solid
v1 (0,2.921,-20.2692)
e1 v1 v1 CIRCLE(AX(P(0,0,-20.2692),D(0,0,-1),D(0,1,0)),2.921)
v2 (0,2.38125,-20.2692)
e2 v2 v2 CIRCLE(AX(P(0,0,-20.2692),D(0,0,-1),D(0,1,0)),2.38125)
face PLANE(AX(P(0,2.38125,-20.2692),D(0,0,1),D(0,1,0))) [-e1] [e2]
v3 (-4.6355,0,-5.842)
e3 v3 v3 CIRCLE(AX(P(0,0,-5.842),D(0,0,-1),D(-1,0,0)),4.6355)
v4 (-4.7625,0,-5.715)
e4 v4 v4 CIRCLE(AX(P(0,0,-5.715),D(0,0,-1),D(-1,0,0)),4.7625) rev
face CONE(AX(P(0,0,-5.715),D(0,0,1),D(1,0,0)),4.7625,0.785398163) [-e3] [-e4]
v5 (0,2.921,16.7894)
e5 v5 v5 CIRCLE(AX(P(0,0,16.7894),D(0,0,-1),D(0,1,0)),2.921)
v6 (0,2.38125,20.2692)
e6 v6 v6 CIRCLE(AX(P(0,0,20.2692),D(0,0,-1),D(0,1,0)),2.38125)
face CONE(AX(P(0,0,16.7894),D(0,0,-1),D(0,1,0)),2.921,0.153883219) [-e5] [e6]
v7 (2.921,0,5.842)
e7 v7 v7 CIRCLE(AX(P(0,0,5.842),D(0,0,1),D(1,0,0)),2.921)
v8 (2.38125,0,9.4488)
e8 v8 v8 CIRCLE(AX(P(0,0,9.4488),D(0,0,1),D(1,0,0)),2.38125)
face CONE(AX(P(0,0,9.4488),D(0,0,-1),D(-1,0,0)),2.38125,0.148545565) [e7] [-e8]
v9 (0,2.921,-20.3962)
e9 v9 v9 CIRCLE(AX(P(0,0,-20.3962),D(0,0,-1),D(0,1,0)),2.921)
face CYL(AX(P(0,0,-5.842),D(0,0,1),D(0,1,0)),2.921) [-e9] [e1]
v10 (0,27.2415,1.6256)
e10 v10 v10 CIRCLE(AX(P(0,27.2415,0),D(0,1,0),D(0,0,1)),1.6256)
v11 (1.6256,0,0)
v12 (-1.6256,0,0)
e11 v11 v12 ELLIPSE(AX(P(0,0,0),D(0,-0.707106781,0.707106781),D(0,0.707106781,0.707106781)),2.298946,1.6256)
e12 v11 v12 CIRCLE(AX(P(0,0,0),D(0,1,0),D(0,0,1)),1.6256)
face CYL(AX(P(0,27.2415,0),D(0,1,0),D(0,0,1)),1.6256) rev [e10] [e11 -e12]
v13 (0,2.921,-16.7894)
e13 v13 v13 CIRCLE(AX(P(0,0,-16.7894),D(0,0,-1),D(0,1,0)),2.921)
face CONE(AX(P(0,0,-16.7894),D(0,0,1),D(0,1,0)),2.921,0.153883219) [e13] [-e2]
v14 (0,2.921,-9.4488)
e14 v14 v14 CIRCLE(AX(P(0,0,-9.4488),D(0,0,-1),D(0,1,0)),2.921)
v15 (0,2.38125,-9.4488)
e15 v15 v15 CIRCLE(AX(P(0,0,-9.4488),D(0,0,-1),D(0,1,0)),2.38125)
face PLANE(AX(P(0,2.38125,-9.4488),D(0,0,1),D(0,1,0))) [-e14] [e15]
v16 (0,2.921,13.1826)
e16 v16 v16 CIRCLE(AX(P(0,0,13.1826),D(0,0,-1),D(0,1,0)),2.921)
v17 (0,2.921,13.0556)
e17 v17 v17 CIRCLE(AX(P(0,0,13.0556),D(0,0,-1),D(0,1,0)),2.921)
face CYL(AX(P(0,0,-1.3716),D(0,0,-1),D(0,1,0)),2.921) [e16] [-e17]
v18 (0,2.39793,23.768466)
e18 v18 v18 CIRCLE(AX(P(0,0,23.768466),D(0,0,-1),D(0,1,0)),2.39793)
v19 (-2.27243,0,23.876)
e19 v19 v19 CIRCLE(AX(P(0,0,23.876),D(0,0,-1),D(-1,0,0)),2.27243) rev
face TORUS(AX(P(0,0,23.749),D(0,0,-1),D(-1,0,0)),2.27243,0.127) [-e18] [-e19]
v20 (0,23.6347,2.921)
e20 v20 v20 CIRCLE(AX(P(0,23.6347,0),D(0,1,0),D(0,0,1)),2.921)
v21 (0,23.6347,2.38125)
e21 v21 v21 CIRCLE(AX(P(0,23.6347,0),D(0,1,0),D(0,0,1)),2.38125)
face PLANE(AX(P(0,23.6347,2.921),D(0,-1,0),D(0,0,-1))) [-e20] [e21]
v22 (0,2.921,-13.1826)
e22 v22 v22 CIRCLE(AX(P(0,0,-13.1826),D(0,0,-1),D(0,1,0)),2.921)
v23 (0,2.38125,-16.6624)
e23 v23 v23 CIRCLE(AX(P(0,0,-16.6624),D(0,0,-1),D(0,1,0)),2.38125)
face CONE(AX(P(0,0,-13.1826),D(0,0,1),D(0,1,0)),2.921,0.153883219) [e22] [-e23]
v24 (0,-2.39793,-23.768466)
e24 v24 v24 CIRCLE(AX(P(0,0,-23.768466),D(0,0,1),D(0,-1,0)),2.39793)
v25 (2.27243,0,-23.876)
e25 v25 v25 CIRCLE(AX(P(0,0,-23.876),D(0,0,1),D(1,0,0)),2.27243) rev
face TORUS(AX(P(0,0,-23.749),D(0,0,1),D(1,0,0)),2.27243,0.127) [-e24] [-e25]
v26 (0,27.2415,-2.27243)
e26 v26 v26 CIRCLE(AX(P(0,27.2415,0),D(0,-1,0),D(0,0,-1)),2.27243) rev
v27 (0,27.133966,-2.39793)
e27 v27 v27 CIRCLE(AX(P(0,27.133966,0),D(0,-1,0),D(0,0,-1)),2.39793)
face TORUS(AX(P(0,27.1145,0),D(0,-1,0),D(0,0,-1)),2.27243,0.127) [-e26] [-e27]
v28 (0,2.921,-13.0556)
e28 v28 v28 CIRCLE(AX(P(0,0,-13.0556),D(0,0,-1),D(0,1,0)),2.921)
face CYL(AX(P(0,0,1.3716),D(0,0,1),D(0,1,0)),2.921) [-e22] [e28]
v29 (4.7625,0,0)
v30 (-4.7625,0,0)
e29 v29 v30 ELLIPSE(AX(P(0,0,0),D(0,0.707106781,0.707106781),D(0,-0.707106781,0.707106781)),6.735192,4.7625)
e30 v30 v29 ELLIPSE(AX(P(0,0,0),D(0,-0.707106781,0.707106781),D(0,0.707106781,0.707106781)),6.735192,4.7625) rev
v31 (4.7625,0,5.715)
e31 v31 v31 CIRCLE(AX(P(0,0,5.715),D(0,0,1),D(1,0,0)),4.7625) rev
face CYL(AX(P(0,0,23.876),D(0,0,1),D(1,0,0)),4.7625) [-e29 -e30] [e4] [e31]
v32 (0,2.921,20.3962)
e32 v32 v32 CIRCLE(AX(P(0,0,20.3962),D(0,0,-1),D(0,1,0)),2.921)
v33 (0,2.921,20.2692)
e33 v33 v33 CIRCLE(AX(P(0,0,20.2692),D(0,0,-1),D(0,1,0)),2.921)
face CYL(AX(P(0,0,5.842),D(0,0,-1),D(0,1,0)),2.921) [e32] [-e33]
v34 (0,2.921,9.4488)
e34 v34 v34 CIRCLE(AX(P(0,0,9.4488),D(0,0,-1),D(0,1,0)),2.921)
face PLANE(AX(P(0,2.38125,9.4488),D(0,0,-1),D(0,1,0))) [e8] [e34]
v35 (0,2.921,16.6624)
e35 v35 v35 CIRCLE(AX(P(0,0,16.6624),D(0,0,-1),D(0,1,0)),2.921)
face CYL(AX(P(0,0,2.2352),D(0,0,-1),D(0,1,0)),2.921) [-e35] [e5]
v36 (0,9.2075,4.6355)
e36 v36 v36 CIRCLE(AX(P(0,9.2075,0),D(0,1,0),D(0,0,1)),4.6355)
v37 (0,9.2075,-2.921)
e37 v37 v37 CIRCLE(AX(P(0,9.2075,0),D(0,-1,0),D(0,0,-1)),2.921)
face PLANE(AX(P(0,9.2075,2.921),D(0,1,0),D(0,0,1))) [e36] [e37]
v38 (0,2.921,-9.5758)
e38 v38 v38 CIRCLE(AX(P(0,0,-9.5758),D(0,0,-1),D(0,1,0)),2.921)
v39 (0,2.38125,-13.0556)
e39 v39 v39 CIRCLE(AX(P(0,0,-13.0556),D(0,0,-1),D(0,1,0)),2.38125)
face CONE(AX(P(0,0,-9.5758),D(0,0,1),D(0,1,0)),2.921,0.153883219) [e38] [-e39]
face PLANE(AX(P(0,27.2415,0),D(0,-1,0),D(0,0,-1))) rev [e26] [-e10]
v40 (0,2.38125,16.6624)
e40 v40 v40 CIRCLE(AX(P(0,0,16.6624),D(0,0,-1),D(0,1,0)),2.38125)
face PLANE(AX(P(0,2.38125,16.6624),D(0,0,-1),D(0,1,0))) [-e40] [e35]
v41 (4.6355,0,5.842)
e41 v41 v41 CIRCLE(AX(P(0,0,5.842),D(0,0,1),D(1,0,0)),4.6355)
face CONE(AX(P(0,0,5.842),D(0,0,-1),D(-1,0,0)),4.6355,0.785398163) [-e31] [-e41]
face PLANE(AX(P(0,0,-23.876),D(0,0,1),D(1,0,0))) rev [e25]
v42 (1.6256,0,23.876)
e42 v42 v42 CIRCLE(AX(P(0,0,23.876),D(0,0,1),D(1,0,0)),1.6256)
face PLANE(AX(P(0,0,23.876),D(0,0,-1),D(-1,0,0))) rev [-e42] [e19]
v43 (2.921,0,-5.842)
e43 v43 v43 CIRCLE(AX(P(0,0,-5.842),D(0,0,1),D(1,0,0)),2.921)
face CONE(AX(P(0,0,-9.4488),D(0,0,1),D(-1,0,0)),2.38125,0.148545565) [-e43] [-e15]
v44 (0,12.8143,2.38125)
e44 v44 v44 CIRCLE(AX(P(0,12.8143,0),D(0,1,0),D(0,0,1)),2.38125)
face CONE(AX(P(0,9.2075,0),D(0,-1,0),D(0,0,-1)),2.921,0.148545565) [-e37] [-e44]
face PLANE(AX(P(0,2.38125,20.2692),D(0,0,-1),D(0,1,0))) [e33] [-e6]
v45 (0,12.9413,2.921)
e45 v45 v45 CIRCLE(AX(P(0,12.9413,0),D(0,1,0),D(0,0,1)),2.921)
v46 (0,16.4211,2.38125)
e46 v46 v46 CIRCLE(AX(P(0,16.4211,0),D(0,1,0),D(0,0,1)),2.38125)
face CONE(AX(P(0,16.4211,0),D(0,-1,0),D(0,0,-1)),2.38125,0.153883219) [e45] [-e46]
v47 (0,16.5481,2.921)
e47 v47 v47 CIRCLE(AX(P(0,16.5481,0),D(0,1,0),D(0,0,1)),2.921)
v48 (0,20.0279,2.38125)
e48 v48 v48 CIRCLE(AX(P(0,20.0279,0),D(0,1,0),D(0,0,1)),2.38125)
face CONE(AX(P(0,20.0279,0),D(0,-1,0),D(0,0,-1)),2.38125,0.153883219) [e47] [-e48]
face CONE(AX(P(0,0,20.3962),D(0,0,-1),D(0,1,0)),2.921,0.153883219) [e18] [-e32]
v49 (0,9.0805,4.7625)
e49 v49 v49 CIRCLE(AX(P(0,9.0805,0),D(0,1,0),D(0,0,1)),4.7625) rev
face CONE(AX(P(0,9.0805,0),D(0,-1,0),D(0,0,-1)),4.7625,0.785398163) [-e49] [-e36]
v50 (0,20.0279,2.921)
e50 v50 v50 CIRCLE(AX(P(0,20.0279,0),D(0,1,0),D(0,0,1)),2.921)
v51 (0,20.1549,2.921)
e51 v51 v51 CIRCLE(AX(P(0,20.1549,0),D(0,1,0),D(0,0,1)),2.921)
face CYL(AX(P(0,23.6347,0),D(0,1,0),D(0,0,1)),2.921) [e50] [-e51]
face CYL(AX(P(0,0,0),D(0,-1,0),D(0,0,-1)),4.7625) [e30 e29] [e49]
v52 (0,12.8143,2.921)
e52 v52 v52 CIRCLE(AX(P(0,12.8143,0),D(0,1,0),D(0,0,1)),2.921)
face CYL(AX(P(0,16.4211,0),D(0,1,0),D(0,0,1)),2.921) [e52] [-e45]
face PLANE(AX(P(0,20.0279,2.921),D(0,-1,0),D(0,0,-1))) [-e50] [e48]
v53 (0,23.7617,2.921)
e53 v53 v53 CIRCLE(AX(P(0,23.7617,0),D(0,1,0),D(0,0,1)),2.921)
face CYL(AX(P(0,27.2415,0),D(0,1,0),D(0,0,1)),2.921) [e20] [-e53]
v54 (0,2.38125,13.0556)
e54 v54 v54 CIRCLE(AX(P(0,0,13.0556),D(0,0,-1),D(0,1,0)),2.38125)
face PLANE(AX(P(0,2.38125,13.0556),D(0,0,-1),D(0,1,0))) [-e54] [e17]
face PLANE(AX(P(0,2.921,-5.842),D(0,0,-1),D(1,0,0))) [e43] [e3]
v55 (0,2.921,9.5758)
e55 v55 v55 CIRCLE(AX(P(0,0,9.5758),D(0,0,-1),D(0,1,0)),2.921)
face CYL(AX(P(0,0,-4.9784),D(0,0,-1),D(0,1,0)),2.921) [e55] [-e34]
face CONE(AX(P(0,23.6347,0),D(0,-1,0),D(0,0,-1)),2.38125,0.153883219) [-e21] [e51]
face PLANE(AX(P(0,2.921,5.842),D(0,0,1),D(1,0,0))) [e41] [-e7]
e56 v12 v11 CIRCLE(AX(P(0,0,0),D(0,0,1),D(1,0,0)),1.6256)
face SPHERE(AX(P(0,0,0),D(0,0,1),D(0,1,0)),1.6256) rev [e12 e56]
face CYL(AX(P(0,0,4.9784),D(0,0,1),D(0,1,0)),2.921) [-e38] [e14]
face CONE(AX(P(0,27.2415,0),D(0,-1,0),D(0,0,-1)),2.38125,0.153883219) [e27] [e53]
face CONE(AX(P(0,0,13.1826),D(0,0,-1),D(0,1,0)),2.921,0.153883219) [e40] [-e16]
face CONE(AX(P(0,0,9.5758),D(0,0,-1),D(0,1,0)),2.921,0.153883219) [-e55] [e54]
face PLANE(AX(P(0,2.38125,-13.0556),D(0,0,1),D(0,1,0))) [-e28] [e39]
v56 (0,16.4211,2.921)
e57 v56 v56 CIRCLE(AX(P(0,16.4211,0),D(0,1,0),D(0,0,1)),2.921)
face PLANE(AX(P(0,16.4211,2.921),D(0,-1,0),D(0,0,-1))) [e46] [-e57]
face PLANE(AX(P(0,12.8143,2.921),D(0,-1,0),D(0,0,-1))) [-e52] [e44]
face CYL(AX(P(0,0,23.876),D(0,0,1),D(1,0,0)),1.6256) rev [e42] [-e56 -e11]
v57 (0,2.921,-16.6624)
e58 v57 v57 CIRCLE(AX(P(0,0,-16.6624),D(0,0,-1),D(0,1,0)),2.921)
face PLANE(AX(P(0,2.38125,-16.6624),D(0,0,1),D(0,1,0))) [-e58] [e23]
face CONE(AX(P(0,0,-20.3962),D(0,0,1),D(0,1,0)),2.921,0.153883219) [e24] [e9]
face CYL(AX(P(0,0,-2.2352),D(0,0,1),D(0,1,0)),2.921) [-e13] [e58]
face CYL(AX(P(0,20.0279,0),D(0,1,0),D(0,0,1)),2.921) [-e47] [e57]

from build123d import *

# Parameters (mm, degrees)
SKETCH2_W       = 47.752
SKETCH2_H       = 4.7625
LPATTERN1_COUNT = 4
LPATTERN1_PITCH = 3.6068
SKETCH6_W       = 4.7625
SKETCH6_H       = 27.2415
LPATTERN2_COUNT = 4
LPATTERN2_PITCH = 3.6068
SKETCH9_W       = 1.6256
SKETCH9_H       = 27.2415
CHAMFER1_SIZE   = 0.127
FILLET1_R       = 0.127


with BuildPart() as part:
    # Sketch2 → Revolve1 (revolve)
    with BuildSketch(Plane(origin=(0, 0, 0), x_dir=(0, 0, -1), z_dir=(1, 0, 0)), mode=Mode.PRIVATE) as revolve1_sk:
        with Locations((0, 2.38125)):
            Rectangle(SKETCH2_W, SKETCH2_H)
    revolve(revolve1_sk.sketch.rotate(Axis((0, 0, 23.876), (0, 0, -1)), 90), axis=Axis((0, 0, 23.876), (0, 0, -1)))

    # Sketch3 → Cut-Revolve1 (revolve, cut)
    with BuildSketch(Plane(origin=(0, 0, 0), x_dir=(0, 0, -1), z_dir=(1, 0, 0)), mode=Mode.PRIVATE) as cut_revolve1_sk:
        Polygon((-23.876, 4.7625), (-23.876, 2.38125), (-9.4488, 2.38125), (-5.842, 2.921), (-5.842, 4.7625), align=None)
    cut_revolve1 = revolve(cut_revolve1_sk.sketch.rotate(Axis((0, 0, 23.876), (0, 0, -1)), 90), axis=Axis((0, 0, 23.876), (0, 0, -1)), mode=Mode.SUBTRACT)

    # Sketch4 → Revolve2 (revolve)
    with BuildSketch(Plane(origin=(0, 0, 0), x_dir=(0, 0, -1), z_dir=(1, 0, 0))):
        Polygon((-20.2692, 2.921), (-20.3962, 2.921), (-23.876, 2.38125), (-20.2692, 2.38125), align=None)
    revolve2 = revolve(axis=Axis((0, 0, 5.842), (0, 0, 1)))

    # LPattern1: Revolve2 ×4
    with Locations(*[(0, 0, -i * LPATTERN1_PITCH) for i in range(1, LPATTERN1_COUNT)]):
        add(revolve2)

    # Mirror1: Cut-Revolve1, Revolve2 across plane
    add(cut_revolve1.mirror(Plane.XY), mode=Mode.SUBTRACT)
    add(revolve2.mirror(Plane.XY))

    # Mirror1 copy 1 sketch → Mirror1 copy 1 (revolve)
    with BuildSketch(Plane(origin=(0, 0, 3.6068), x_dir=(0, 0, 1), z_dir=(1, 0, 0))):
        Polygon((-20.2692, -2.921), (-20.3962, -2.921), (-23.876, -2.38125), (-20.2692, -2.38125), align=None)
    revolve(axis=Axis((0, 0, -2.2352), (0, 0, 1)))

    # Mirror1 copy 2 sketch → Mirror1 copy 2 (revolve)
    with BuildSketch(Plane(origin=(0, 0, 7.2136), x_dir=(0, 0, 1), z_dir=(1, 0, 0))):
        Polygon((-20.2692, -2.921), (-20.3962, -2.921), (-23.876, -2.38125), (-20.2692, -2.38125), align=None)
    revolve(axis=Axis((0, 0, 1.3716), (0, 0, 1)))

    # Mirror1 copy 3 sketch → Mirror1 copy 3 (revolve)
    with BuildSketch(Plane(origin=(0, 0, 10.8204), x_dir=(0, 0, 1), z_dir=(1, 0, 0))):
        Polygon((-20.2692, -2.921), (-20.3962, -2.921), (-23.876, -2.38125), (-20.2692, -2.38125), align=None)
    revolve(axis=Axis((0, 0, 4.9784), (0, 0, 1)))

    # Sketch6 → Revolve3 (revolve)
    with BuildSketch(Plane(origin=(0, 0, 0), x_dir=(0, 0, -1), z_dir=(1, 0, 0)), mode=Mode.PRIVATE) as revolve3_sk:
        with Locations((-2.38125, 13.62075)):
            Rectangle(SKETCH6_W, SKETCH6_H)
    revolve(revolve3_sk.sketch.rotate(Axis((0, 0, 0), (0, 1, 0)), 180), axis=Axis((0, 0, 0), (0, 1, 0)))

    # Sketch7 → Cut-Revolve3 (revolve, cut)
    with BuildSketch(Plane(origin=(0, 0, 0), x_dir=(0, 0, -1), z_dir=(1, 0, 0)), mode=Mode.PRIVATE) as cut_revolve3_sk:
        Polygon((-2.921, 9.2075), (-2.38125, 12.8143), (-2.38125, 27.2415), (-4.7625, 27.2415), (-4.7625, 9.2075), align=None)
    revolve(cut_revolve3_sk.sketch.rotate(Axis((0, 0, 0), (0, 1, 0)), 180), axis=Axis((0, 0, 0), (0, 1, 0)), mode=Mode.SUBTRACT)

    # Sketch8 → Revolve4 (revolve)
    with BuildSketch(Plane(origin=(0, 0, 0), x_dir=(0, 0, -1), z_dir=(1, 0, 0)), mode=Mode.PRIVATE) as revolve4_sk:
        Polygon((-2.38125, 27.2415), (-2.921, 23.7617), (-2.921, 23.6347), (-2.38125, 23.6347), align=None)
    revolve4 = revolve(revolve4_sk.sketch.rotate(Axis((0, 27.2415, 0), (0, -1, 0)), 180), axis=Axis((0, 27.2415, 0), (0, -1, 0)))

    # LPattern2: Revolve4 ×4
    with Locations(*[(0, -i * LPATTERN2_PITCH, 0) for i in range(1, LPATTERN2_COUNT)]):
        add(revolve4)

    # Sketch5 → Cut-Revolve2 (revolve, cut)
    with BuildSketch(Plane(origin=(0, 0, 0), x_dir=(0, 0, -1), z_dir=(1, 0, 0))):
        with BuildLine():
            Line((-23.876, 1.6256), (0, 1.6256))
            ThreePointArc((0, 1.6256), (1.149472783, 1.149472783), (1.6256, 0))
            Line((1.6256, 0), (-23.876, 0))
            Line((-23.876, 0), (-23.876, 1.6256))
        make_face()
    revolve(axis=Axis((0, 0, 23.876), (0, 0, -1)), mode=Mode.SUBTRACT)

    # Sketch9 → Cut-Revolve4 (revolve, cut)
    with BuildSketch(Plane(origin=(0, 0, 0), x_dir=(0, 0, -1), z_dir=(1, 0, 0))):
        with Locations((-0.8128, 13.62075)):
            Rectangle(SKETCH9_W, SKETCH9_H)
    revolve(axis=Axis((0, 27.2415, 0), (0, -1, 0)), mode=Mode.SUBTRACT)

    # Chamfer1
    chamfer1_edges = [part.edges().sort_by_distance(p)[0] for p in [
        (-4.7625, 0, -5.842),
        (0, 9.2075, 4.7625),
        (-4.7625, 0, 5.842),
    ]]
    chamfer(chamfer1_edges, length=CHAMFER1_SIZE)

    # Fillet1
    fillet1_edges = [part.edges().sort_by_distance(p)[0] for p in [
        (0, -2.38125, 23.876),
        (0, -2.38125, -23.876),
        (0, 27.2415, 2.38125),
    ]]
    fillet(fillet1_edges, radius=FILLET1_R)


solid = part.part
